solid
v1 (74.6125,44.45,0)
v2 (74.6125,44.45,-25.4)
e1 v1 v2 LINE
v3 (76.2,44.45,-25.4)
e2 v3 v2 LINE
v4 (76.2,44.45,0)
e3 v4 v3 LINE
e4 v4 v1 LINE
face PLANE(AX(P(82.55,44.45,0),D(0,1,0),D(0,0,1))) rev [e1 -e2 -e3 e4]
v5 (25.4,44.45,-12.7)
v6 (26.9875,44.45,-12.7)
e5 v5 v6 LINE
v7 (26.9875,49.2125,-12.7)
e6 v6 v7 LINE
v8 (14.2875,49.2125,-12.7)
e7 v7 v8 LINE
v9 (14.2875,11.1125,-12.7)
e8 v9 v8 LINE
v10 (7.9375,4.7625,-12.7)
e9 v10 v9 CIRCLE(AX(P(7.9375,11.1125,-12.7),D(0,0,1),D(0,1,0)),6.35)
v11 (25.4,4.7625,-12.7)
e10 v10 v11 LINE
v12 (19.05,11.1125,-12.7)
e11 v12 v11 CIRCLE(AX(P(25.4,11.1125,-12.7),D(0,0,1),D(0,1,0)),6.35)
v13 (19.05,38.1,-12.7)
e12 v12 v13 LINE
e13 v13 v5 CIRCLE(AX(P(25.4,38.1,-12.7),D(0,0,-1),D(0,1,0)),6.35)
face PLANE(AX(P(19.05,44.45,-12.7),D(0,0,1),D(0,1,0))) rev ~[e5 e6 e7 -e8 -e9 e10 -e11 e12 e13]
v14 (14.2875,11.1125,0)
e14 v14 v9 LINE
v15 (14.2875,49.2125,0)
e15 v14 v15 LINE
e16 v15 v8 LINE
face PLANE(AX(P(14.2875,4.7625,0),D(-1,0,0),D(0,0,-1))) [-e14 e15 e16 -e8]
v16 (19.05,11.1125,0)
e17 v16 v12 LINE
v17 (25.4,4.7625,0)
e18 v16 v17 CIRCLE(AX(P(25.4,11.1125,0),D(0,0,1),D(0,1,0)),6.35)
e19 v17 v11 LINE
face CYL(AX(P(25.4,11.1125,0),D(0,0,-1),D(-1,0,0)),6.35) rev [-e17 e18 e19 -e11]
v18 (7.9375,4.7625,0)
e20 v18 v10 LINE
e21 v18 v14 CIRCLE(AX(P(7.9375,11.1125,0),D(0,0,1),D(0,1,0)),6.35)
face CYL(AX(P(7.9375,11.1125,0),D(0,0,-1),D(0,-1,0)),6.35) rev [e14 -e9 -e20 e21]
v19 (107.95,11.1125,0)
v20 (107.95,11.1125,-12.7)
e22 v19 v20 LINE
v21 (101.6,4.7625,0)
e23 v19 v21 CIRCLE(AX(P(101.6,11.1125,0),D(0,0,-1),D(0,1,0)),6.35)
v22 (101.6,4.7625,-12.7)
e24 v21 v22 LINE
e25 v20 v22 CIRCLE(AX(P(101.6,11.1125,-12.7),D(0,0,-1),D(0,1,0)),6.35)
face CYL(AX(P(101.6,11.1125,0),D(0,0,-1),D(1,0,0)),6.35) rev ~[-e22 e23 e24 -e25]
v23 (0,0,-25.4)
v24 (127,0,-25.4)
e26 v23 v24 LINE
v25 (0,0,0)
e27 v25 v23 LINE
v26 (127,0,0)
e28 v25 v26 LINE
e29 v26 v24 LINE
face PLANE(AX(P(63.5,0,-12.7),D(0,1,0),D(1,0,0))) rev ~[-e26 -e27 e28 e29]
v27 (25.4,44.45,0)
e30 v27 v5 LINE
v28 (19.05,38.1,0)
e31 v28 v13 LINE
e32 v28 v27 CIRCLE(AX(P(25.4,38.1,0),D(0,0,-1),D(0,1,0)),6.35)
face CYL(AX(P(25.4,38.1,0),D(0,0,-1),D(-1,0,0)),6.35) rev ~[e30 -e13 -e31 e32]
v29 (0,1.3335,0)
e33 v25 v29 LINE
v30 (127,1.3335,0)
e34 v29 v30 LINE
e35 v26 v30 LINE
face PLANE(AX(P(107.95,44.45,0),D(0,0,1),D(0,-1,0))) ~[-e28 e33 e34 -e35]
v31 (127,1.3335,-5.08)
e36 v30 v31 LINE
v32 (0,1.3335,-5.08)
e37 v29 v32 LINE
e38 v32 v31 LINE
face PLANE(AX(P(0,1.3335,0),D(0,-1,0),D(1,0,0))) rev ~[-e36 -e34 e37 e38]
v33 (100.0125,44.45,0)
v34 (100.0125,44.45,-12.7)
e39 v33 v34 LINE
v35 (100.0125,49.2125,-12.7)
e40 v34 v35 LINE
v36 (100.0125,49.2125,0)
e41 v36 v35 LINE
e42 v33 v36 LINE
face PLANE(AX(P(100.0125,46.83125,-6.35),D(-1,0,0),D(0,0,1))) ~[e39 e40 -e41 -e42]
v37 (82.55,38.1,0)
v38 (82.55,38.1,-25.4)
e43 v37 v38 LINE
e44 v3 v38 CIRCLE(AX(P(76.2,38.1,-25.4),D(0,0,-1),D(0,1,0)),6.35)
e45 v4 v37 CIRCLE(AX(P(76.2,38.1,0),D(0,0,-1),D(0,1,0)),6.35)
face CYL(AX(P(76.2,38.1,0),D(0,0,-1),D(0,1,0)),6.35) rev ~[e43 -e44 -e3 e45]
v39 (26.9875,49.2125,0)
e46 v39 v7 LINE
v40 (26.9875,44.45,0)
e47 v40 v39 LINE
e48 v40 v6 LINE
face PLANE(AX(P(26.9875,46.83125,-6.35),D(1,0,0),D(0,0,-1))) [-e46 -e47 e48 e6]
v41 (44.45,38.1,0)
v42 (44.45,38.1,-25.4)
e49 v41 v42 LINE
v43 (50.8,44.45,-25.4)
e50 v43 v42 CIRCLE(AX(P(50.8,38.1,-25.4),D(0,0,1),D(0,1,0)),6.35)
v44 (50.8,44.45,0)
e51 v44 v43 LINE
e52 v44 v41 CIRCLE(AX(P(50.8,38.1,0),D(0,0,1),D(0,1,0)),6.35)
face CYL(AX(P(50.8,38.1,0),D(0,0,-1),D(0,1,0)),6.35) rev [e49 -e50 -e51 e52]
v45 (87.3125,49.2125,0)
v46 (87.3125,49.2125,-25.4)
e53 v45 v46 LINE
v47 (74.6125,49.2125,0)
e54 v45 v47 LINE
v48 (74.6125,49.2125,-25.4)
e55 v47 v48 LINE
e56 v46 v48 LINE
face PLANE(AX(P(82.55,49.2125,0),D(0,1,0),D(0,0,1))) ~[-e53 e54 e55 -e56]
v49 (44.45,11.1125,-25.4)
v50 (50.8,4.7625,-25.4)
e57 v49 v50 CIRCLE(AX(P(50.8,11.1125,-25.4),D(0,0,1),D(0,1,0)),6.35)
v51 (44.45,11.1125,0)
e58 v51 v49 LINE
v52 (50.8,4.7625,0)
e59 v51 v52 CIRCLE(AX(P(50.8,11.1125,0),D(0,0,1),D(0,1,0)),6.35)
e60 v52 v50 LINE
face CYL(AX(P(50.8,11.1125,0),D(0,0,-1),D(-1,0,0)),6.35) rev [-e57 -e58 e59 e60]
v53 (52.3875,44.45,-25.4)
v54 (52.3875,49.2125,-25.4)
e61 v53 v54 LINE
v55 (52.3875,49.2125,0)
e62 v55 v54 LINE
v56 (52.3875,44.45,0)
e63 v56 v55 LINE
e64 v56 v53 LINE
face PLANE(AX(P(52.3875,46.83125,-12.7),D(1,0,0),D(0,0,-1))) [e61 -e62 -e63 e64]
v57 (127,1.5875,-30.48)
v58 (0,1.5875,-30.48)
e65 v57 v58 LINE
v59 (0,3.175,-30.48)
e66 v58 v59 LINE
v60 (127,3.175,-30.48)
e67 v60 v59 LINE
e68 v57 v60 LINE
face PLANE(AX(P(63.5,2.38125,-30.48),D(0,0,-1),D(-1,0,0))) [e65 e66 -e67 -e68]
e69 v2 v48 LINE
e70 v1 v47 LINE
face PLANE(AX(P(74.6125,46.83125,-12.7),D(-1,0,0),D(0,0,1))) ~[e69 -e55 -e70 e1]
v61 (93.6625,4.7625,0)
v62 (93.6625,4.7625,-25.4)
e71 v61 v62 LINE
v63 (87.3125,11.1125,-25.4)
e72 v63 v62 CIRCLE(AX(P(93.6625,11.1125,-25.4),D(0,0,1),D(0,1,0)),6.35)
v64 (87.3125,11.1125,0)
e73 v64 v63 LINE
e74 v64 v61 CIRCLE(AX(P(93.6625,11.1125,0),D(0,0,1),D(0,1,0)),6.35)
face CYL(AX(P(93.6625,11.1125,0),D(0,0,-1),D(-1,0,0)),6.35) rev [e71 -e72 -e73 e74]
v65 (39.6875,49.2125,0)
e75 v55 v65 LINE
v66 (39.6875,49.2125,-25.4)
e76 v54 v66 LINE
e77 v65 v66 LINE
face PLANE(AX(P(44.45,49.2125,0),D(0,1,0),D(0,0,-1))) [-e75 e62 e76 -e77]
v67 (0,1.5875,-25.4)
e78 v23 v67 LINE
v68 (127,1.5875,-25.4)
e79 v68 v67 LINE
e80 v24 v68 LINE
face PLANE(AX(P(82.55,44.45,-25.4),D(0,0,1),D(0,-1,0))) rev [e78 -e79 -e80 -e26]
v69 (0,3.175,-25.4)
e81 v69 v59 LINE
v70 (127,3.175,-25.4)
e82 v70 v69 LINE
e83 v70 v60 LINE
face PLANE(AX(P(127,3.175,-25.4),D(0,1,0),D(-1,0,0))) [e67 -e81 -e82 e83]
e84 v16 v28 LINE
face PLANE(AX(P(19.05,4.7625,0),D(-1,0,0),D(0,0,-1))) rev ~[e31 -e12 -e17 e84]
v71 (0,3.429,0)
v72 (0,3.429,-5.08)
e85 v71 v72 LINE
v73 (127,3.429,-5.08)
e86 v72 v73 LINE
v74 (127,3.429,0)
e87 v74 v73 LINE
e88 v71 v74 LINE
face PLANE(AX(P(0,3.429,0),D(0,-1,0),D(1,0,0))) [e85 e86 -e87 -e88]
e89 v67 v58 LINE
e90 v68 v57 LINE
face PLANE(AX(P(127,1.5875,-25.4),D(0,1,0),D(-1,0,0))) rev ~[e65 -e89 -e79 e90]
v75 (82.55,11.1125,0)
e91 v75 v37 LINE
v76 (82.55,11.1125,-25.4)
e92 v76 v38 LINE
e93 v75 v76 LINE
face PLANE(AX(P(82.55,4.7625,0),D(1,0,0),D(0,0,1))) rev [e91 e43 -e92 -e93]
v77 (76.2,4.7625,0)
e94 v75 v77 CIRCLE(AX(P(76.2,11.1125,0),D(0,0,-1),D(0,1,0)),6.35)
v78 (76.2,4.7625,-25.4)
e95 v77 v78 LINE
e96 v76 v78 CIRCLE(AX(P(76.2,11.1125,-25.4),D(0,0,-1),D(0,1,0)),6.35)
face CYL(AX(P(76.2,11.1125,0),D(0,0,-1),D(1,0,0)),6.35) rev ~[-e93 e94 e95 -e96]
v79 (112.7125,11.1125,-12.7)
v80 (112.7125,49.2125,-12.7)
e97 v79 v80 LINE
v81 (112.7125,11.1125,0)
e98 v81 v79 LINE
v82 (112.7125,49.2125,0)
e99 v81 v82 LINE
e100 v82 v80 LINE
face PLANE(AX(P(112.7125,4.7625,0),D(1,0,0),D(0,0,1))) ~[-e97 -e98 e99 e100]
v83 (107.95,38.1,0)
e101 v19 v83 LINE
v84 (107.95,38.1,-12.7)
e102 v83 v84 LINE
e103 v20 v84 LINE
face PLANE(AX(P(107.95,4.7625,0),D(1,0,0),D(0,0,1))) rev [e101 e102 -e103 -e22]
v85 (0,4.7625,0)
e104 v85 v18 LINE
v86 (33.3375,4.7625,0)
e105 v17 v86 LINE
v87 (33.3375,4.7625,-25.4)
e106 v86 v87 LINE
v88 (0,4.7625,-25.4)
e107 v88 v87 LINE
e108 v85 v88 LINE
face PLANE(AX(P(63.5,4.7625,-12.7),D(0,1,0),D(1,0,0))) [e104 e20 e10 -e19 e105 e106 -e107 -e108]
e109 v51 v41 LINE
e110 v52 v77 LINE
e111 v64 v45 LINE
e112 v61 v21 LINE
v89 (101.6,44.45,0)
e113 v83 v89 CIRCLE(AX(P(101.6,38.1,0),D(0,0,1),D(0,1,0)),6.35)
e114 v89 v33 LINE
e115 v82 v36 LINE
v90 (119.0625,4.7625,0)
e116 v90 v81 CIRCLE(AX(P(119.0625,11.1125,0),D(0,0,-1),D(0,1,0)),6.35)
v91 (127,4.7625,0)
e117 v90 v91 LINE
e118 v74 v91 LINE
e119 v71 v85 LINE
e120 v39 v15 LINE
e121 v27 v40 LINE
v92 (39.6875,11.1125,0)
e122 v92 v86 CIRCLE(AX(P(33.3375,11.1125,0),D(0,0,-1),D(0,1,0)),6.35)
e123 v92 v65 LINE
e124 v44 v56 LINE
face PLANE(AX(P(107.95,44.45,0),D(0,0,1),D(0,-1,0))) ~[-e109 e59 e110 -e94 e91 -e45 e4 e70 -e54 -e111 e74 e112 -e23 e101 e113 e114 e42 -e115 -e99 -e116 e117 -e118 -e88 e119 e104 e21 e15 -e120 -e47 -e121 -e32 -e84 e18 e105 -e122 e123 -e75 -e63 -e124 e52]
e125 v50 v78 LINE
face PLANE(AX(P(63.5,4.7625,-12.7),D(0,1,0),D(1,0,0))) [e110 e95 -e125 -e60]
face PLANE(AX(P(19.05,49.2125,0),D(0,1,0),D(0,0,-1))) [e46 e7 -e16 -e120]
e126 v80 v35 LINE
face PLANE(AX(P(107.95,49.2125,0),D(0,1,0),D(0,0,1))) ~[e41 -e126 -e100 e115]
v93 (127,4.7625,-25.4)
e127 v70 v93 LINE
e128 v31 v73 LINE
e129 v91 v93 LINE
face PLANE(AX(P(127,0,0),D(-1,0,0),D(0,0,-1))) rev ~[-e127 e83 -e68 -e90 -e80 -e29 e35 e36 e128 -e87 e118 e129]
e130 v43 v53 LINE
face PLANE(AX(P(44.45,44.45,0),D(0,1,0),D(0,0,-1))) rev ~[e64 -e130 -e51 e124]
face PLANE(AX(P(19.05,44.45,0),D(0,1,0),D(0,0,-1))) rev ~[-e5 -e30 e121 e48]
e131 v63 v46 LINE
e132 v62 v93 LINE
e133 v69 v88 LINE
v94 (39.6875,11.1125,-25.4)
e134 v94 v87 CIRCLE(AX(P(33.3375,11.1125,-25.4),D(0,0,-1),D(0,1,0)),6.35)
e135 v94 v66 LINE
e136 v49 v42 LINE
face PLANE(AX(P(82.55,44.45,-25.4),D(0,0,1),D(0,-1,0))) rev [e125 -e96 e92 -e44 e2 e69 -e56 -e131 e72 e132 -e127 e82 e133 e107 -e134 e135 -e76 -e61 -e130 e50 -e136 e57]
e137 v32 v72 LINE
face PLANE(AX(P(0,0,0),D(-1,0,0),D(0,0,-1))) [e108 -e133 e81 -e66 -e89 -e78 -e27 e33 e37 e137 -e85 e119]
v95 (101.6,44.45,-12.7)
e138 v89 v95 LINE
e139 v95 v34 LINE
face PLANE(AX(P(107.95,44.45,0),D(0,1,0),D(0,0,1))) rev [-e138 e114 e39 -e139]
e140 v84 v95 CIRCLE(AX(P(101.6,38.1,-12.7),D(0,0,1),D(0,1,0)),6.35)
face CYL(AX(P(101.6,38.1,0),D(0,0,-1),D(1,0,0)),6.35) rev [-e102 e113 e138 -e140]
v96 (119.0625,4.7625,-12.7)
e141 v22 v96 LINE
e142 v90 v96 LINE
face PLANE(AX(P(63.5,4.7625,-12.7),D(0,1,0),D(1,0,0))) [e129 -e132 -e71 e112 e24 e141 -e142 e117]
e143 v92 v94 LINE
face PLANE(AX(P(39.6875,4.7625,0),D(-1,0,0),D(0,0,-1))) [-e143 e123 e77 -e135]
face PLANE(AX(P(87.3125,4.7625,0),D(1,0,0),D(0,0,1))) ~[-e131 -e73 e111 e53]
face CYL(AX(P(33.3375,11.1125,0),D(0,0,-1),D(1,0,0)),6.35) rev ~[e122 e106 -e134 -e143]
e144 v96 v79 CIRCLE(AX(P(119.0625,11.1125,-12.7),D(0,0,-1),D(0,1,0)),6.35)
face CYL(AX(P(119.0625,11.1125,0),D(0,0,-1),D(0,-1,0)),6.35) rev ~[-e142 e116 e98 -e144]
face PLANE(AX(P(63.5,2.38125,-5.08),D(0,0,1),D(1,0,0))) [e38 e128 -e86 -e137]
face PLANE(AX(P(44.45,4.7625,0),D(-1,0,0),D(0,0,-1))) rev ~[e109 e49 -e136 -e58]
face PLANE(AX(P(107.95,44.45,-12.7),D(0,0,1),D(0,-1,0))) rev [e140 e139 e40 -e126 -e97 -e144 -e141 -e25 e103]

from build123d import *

# Parameters (mm, degrees)
SKETCH1_W            = 127
SKETCH1_H            = 25.4
BOSS_EXTRUDE1_DEPTH  = 4.7625
SKETCH2_W            = 4.7625
SKETCH2_H            = 25.4
SKETCH2_H_2          = 12.7
BOSS_EXTRUDE2_DEPTH  = 44.45
SKETCH3_W            = 25.4
SKETCH3_H            = 4.7625
BOSS_EXTRUDE3_DEPTH  = 7.9375
SKETCH4_W            = 12.7
SKETCH4_H            = 4.7625
BOSS_EXTRUDE4_DEPTH  = 7.9375
FILLET1_R            = 6.35
FILLET1_OF_MIRROR1_R = 6.35
SKETCH5_W            = 127
SKETCH5_H            = 2.0955
CUT_EXTRUDE1_DEPTH   = 5.08
SKETCH6_W            = 127
SKETCH6_H            = 1.5875
BOSS_EXTRUDE5_DEPTH  = 5.08


with BuildPart() as part:
    # Sketch1 → Boss-Extrude1 (new body)
    with BuildSketch(Plane(origin=(0, 0, 0), x_dir=(1, 0, 0), z_dir=(0, 1, 0))):
        with Locations((63.5, 12.7)):
            Rectangle(SKETCH1_W, SKETCH1_H)
    extrude(amount=BOSS_EXTRUDE1_DEPTH)

    # Sketch2 → Boss-Extrude2 (add)
    with BuildSketch(Plane(origin=(0, 4.7625, 0), x_dir=(1, 0, 0), z_dir=(0, 1, 0))):
        with Locations((42.06875, 12.7)):
            Rectangle(SKETCH2_W, SKETCH2_H)
        with Locations((16.66875, 6.35)):
            Rectangle(SKETCH2_W, SKETCH2_H_2)
    boss_extrude2 = extrude(amount=BOSS_EXTRUDE2_DEPTH)

    # Sketch3 → Boss-Extrude3 (add)
    with BuildSketch(Plane(origin=(44.45, 0, 0), x_dir=(0, 0, -1), z_dir=(1, 0, 0))):
        with Locations((12.7, 46.83125)):
            Rectangle(SKETCH3_W, SKETCH3_H)
    boss_extrude3 = extrude(amount=BOSS_EXTRUDE3_DEPTH)

    # Sketch4 → Boss-Extrude4 (add)
    with BuildSketch(Plane(origin=(19.05, 0, 0), x_dir=(0, 0, -1), z_dir=(1, 0, 0))):
        with Locations((6.35, 46.83125)):
            Rectangle(SKETCH4_W, SKETCH4_H)
    boss_extrude4 = extrude(amount=BOSS_EXTRUDE4_DEPTH)

    # Fillet1
    fillet1_edges = [part.edges().sort_by_distance(p)[0] for p in [
        (39.6875, 4.7625, -12.7),
        (44.45, 4.7625, -12.7),
        (19.05, 4.7625, -6.35),
        (14.2875, 4.7625, -6.35),
        (44.45, 44.45, -12.7),
        (19.05, 44.45, -6.35),
    ]]
    fillet(fillet1_edges, radius=FILLET1_R)

    # Mirror1: Boss-Extrude2, Boss-Extrude3, Boss-Extrude4 across plane
    add(boss_extrude2.mirror(Plane(origin=(63.5, 0, 0), x_dir=(0, 0, 1), z_dir=(1, 0, 0))))
    add(boss_extrude3.mirror(Plane(origin=(63.5, 0, 0), x_dir=(0, 0, 1), z_dir=(1, 0, 0))))
    add(boss_extrude4.mirror(Plane(origin=(63.5, 0, 0), x_dir=(0, 0, 1), z_dir=(1, 0, 0))))

    # Fillet1 of Mirror1
    fillet1_of_mirror1_edges = [part.edges().sort_by_distance(p)[0] for p in [
        (87.3125, 4.7625, -12.7),
        (82.55, 4.7625, -12.7),
        (107.95, 4.7625, -6.35),
        (112.7125, 4.7625, -6.35),
        (82.55, 44.45, -12.7),
        (107.95, 44.45, -6.35),
    ]]
    fillet(fillet1_of_mirror1_edges, radius=FILLET1_OF_MIRROR1_R)

    # Sketch5 → Cut-Extrude1 (cut)
    with BuildSketch(Plane.XY):
        with Locations((63.5, 2.38125)):
            Rectangle(SKETCH5_W, SKETCH5_H)
    extrude(amount=-CUT_EXTRUDE1_DEPTH, mode=Mode.SUBTRACT)

    # Sketch6 → Boss-Extrude5 (add)
    with BuildSketch(Plane(origin=(0, 0, -25.4), x_dir=(-1, 0, 0), z_dir=(0, 0, -1))):
        with Locations((-63.5, 2.38125)):
            Rectangle(SKETCH6_W, SKETCH6_H)
    extrude(amount=BOSS_EXTRUDE5_DEPTH)


solid = part.part
